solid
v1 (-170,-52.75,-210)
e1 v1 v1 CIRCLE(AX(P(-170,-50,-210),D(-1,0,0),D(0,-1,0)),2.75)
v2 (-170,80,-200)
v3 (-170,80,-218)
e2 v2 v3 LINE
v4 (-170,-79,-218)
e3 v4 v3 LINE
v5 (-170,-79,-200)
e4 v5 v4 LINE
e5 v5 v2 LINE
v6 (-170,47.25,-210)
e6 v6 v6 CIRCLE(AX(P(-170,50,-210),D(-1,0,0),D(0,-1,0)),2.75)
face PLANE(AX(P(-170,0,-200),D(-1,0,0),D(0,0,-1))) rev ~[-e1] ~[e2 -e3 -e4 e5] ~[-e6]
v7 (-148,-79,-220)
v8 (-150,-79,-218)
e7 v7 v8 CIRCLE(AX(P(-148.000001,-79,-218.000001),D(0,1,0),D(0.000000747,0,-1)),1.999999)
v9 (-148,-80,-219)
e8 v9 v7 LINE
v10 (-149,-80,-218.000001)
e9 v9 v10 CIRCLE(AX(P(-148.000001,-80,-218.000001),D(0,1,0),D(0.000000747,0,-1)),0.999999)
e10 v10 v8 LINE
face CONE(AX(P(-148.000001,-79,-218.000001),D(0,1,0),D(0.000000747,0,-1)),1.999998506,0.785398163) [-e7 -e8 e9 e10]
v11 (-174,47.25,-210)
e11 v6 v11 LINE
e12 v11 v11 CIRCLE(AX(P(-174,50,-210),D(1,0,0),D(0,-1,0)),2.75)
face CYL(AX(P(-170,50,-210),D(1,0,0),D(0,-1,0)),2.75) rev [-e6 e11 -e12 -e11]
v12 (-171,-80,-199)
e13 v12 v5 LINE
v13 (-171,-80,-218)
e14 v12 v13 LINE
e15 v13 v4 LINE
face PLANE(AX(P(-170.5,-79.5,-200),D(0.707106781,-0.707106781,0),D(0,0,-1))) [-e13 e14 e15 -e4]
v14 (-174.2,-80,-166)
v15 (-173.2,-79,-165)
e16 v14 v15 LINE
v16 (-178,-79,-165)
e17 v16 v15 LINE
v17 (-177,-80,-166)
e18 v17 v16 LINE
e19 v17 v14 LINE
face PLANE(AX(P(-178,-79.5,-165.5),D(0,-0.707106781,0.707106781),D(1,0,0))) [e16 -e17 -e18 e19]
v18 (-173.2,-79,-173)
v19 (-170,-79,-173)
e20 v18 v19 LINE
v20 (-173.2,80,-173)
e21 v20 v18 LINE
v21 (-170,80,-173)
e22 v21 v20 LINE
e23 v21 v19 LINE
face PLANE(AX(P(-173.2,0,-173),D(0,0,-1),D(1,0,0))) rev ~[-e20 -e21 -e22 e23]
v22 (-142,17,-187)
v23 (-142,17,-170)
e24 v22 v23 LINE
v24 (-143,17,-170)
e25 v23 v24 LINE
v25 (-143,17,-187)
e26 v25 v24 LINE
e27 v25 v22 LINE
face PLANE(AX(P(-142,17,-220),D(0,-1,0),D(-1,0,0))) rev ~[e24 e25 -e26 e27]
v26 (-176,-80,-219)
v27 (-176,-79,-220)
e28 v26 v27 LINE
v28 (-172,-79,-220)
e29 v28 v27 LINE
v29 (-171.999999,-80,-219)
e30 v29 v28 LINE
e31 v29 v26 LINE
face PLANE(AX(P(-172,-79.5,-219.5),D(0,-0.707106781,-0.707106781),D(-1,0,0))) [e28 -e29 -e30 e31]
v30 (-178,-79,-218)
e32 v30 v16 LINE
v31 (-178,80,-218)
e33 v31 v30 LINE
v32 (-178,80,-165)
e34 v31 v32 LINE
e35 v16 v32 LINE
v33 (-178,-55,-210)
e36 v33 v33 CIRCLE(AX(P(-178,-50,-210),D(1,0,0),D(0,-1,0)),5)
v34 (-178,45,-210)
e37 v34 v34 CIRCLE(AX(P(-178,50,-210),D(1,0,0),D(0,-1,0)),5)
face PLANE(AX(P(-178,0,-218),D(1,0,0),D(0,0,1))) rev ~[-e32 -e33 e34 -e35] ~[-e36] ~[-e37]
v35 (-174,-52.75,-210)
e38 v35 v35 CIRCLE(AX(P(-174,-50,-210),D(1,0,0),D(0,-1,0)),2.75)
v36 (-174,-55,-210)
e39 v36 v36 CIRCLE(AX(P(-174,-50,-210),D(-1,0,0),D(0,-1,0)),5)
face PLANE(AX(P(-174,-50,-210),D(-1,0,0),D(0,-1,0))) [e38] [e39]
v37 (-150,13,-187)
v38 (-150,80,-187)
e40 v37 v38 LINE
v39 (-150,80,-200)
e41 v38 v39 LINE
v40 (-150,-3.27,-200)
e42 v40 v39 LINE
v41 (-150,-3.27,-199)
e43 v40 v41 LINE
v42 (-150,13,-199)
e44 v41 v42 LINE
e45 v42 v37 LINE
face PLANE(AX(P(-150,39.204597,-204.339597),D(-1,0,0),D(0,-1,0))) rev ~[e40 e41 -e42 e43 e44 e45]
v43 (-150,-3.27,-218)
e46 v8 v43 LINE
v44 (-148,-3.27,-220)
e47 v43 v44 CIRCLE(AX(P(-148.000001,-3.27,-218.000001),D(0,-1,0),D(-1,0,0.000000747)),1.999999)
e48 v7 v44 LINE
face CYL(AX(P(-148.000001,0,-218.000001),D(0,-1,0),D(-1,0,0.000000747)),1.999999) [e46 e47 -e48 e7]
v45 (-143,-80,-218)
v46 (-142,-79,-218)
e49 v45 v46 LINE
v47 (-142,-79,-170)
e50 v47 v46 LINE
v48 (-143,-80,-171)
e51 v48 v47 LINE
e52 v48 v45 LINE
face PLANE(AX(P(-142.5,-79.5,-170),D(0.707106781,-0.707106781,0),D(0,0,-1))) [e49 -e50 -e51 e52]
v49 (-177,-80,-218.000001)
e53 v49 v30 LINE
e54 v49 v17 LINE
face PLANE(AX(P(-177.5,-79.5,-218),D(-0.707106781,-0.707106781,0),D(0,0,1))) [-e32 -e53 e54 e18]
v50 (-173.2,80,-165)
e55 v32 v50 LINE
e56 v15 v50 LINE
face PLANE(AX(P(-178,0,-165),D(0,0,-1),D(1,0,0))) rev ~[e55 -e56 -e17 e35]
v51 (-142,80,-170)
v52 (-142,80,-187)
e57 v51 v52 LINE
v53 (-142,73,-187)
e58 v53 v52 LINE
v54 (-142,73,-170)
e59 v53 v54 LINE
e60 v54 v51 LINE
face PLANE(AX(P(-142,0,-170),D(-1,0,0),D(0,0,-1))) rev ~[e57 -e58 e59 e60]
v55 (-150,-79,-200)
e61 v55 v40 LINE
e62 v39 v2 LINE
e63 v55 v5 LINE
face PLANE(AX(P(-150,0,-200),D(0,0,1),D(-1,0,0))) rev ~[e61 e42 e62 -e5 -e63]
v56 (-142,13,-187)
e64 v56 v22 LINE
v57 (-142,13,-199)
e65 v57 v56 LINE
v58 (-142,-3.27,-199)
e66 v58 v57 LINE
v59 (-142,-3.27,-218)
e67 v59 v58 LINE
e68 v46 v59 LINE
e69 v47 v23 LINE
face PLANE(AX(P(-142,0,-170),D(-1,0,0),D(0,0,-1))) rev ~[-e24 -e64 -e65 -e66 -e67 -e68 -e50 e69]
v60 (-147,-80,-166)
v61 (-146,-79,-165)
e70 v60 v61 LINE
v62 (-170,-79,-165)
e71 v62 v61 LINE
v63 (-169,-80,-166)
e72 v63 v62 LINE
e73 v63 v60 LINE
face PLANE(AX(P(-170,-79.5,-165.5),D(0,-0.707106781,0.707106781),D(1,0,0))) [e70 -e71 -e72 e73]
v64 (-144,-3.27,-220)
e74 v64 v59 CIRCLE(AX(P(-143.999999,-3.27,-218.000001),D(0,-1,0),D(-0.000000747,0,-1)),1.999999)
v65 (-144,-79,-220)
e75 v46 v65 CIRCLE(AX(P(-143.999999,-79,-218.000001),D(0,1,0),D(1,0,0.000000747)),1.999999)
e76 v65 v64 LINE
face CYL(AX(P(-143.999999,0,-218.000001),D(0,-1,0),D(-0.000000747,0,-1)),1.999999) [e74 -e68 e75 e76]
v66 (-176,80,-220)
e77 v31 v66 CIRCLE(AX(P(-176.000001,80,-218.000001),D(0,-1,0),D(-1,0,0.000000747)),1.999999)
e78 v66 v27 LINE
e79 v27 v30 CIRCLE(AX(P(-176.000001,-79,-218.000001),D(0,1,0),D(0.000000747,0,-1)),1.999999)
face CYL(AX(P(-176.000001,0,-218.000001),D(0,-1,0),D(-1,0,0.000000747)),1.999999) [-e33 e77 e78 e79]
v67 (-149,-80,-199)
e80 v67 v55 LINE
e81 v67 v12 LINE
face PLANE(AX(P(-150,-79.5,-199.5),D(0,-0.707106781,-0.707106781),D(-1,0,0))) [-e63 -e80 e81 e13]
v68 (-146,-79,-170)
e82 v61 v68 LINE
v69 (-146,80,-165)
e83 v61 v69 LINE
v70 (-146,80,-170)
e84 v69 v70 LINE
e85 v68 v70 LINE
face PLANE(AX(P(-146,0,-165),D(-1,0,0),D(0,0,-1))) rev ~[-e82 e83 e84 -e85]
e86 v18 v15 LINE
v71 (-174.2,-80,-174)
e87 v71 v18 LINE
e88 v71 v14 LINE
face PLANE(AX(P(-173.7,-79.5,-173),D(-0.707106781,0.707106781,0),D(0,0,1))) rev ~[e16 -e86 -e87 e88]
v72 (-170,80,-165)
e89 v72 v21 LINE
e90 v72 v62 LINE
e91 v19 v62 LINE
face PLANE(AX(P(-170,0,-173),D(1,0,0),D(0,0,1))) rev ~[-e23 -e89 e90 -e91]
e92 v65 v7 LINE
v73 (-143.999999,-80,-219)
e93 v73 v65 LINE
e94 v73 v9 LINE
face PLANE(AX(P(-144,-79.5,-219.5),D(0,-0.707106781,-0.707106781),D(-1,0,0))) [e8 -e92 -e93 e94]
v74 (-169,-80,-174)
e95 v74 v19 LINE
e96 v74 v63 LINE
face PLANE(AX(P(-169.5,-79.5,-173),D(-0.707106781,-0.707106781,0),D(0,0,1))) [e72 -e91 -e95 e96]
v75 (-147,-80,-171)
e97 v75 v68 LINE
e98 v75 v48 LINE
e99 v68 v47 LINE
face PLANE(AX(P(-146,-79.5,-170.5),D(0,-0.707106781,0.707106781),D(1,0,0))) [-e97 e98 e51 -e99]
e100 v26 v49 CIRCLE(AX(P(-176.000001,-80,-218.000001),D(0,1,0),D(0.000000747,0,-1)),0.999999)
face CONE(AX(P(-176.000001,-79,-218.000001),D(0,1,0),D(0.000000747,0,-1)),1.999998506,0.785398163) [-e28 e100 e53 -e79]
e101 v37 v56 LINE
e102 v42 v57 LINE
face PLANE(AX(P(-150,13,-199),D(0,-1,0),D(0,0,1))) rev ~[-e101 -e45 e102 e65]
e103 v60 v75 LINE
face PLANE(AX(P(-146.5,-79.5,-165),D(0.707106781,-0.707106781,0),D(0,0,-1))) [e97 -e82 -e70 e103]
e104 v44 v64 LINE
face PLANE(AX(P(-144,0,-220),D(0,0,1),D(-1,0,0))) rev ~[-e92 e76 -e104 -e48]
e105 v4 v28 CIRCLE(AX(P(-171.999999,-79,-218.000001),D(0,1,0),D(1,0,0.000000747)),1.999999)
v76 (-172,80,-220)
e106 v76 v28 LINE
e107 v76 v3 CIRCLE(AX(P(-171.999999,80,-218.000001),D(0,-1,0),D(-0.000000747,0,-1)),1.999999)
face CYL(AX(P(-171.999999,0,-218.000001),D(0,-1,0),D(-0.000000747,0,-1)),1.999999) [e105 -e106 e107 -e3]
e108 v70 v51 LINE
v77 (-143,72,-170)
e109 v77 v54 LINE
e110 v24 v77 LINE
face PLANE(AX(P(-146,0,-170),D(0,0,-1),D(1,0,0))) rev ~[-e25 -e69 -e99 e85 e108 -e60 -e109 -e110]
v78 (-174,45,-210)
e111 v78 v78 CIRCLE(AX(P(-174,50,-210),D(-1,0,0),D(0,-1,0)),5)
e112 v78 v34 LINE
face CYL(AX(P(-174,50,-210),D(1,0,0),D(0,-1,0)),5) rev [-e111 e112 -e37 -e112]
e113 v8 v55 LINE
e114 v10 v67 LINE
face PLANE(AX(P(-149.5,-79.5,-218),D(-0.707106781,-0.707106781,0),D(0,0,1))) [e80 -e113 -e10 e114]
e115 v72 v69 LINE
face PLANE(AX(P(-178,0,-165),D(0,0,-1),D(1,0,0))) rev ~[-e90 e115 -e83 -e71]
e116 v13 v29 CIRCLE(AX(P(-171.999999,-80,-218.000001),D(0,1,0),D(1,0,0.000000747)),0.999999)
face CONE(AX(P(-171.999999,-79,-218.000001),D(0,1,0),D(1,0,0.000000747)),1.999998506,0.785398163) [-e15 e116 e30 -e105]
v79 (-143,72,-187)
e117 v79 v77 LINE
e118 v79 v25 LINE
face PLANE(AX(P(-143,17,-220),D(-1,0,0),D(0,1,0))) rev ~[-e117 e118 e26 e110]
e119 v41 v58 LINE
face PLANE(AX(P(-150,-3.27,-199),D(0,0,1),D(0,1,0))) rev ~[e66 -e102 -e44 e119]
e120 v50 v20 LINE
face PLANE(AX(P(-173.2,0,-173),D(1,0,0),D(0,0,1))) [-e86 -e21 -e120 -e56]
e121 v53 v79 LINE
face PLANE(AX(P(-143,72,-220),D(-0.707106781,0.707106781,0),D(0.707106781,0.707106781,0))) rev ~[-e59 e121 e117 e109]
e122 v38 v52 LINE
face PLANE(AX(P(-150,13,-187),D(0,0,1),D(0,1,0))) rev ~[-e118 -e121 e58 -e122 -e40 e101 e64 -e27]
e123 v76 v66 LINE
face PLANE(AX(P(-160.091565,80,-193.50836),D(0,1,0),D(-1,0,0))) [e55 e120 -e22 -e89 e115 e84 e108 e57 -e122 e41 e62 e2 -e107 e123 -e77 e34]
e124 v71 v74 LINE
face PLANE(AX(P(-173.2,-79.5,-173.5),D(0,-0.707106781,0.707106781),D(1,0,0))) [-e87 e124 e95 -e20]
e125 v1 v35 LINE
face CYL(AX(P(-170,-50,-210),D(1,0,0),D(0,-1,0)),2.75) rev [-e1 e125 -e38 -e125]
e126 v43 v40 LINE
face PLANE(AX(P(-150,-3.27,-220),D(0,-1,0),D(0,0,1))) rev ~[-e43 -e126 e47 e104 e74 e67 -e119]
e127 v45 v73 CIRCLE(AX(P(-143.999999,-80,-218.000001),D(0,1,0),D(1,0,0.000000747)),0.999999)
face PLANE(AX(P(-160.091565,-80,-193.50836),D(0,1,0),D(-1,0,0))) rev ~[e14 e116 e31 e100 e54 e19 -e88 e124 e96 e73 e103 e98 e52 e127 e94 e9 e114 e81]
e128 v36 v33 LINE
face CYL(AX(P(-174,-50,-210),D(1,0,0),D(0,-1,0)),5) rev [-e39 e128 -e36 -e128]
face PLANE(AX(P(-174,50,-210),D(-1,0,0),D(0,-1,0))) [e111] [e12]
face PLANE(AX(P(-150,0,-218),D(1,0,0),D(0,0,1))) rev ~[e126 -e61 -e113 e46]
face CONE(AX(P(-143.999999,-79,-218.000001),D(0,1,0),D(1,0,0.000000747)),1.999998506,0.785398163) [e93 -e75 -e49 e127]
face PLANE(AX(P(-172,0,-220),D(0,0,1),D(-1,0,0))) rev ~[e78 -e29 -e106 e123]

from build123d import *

# Parameters (mm, degrees)
PAD119_DEPTH            = 80
SKETCH530_R             = 2.75
POCKET373_DEPTH         = 8.001
SKETCH531_R             = 5
POCKET374_DEPTH         = 4.001
SKETCH538_W             = 3.2
SKETCH538_H             = 8
POCKET380_DEPTH         = 80.001
POCKET380_DEPTH_BACK    = 80.001
POCKET388_DEPTH         = 8.001
POCKET389_DEPTH         = 0.001
POCKET389_DEPTH_BACK    = 55.001
CHAMFER033_SIZE         = 1
BODY191_PLACEMENT_ANGLE = 90


with BuildPart() as part:
    # Sketch529 → Pad119 (new body, symmetric)
    with BuildSketch(Plane.YZ):
        with BuildLine():
            Line((-8, 2), (-8, 55))
            Line((-8, 55), (24, 55))
            Line((24, 55), (24, 50))
            Line((24, 50), (28, 50))
            Line((28, 50), (28, 2))
            ThreePointArc((26, 0), (27.414214, 0.585786), (28, 2))
            Line((26, 0), (22, 0))
            ThreePointArc((20, 2), (20.585786, 0.585786), (22, 0))
            Line((20, 2), (20, 20))
            Line((20, 20), (0, 20))
            Line((0, 20), (0, 2))
            ThreePointArc((-2, 0), (-0.585786, 0.585786), (0, 2))
            Line((-2, 0), (-6, 0))
            ThreePointArc((-8, 2), (-7.414214, 0.585786), (-6, 0))
        make_face()
    extrude(amount=PAD119_DEPTH, both=True)

    # Sketch530 → Pocket373 (cut, through all)
    with BuildSketch(Plane.XZ):
        with Locations((-50, 10)):
            Circle(SKETCH530_R)
        with Locations((50, 10)):
            Circle(SKETCH530_R)
    extrude(amount=POCKET373_DEPTH, mode=Mode.SUBTRACT)

    # Sketch531 → Pocket374 (cut, through all)
    with BuildSketch(Plane.XZ.offset(4)):
        with Locations((50, 10)):
            Circle(SKETCH531_R)
        with Locations((-50, 10)):
            Circle(SKETCH531_R)
    extrude(amount=POCKET374_DEPTH, mode=Mode.SUBTRACT)

    # Sketch538 → Pocket380 (cut, two sides)
    with BuildSketch(Plane.YZ) as pocket380_sk:
        with Locations((-1.6, 51)):
            Rectangle(SKETCH538_W, SKETCH538_H)
    extrude(amount=-POCKET380_DEPTH, mode=Mode.SUBTRACT)
    extrude(pocket380_sk.sketch, amount=POCKET380_DEPTH_BACK, mode=Mode.SUBTRACT)

    # Sketch548 → Pocket388 (cut, through all)
    with BuildSketch(Plane.XZ.offset(-20)):
        Polygon((3.27, 0), (3.27, 21), (-13, 21), (-13, 33), (-80, 33), (-80, 0), align=None)
    extrude(amount=-POCKET388_DEPTH, mode=Mode.SUBTRACT)

    # Sketch549 → Pocket389 (cut, two sides)
    with BuildSketch(Plane.XY) as pocket389_sk:
        Polygon((-17, 28), (-17, 27), (-72, 27), (-73, 28), align=None)
    extrude(amount=-POCKET389_DEPTH, mode=Mode.SUBTRACT)
    extrude(pocket389_sk.sketch, amount=POCKET389_DEPTH_BACK, mode=Mode.SUBTRACT)

    # Chamfer033
    chamfer033_edges = [part.edges().sort_by_distance(p)[0] for p in [
        (80, -4, 0),
        (80, -7.414214, 0.585786),
        (80, -8, 28.5),
        (80, -5.6, 55),
        (80, -3.2, 51),
        (80, -1.6, 47),
        (80, 0, 51),
        (80, 12, 55),
        (80, 24, 52.5),
        (80, 26, 50),
        (80, 28, 26),
        (80, 27.414214, 0.585786),
        (80, 24, 0),
        (80, 20.585786, 0.585786),
        (80, 20, 11),
        (80, 10, 20),
        (80, 0, 11),
        (80, -0.585786, 0.585786),
    ]]
    chamfer(chamfer033_edges, length=CHAMFER033_SIZE)


with BuildPart() as part_1:
    # Body191 placement: moved
    add(part.part.moved(Location((-170, 0, -220))).rotate(Axis((-170, 0, -220), (0, 0, -1)), BODY191_PLACEMENT_ANGLE))


solid = part_1.part
